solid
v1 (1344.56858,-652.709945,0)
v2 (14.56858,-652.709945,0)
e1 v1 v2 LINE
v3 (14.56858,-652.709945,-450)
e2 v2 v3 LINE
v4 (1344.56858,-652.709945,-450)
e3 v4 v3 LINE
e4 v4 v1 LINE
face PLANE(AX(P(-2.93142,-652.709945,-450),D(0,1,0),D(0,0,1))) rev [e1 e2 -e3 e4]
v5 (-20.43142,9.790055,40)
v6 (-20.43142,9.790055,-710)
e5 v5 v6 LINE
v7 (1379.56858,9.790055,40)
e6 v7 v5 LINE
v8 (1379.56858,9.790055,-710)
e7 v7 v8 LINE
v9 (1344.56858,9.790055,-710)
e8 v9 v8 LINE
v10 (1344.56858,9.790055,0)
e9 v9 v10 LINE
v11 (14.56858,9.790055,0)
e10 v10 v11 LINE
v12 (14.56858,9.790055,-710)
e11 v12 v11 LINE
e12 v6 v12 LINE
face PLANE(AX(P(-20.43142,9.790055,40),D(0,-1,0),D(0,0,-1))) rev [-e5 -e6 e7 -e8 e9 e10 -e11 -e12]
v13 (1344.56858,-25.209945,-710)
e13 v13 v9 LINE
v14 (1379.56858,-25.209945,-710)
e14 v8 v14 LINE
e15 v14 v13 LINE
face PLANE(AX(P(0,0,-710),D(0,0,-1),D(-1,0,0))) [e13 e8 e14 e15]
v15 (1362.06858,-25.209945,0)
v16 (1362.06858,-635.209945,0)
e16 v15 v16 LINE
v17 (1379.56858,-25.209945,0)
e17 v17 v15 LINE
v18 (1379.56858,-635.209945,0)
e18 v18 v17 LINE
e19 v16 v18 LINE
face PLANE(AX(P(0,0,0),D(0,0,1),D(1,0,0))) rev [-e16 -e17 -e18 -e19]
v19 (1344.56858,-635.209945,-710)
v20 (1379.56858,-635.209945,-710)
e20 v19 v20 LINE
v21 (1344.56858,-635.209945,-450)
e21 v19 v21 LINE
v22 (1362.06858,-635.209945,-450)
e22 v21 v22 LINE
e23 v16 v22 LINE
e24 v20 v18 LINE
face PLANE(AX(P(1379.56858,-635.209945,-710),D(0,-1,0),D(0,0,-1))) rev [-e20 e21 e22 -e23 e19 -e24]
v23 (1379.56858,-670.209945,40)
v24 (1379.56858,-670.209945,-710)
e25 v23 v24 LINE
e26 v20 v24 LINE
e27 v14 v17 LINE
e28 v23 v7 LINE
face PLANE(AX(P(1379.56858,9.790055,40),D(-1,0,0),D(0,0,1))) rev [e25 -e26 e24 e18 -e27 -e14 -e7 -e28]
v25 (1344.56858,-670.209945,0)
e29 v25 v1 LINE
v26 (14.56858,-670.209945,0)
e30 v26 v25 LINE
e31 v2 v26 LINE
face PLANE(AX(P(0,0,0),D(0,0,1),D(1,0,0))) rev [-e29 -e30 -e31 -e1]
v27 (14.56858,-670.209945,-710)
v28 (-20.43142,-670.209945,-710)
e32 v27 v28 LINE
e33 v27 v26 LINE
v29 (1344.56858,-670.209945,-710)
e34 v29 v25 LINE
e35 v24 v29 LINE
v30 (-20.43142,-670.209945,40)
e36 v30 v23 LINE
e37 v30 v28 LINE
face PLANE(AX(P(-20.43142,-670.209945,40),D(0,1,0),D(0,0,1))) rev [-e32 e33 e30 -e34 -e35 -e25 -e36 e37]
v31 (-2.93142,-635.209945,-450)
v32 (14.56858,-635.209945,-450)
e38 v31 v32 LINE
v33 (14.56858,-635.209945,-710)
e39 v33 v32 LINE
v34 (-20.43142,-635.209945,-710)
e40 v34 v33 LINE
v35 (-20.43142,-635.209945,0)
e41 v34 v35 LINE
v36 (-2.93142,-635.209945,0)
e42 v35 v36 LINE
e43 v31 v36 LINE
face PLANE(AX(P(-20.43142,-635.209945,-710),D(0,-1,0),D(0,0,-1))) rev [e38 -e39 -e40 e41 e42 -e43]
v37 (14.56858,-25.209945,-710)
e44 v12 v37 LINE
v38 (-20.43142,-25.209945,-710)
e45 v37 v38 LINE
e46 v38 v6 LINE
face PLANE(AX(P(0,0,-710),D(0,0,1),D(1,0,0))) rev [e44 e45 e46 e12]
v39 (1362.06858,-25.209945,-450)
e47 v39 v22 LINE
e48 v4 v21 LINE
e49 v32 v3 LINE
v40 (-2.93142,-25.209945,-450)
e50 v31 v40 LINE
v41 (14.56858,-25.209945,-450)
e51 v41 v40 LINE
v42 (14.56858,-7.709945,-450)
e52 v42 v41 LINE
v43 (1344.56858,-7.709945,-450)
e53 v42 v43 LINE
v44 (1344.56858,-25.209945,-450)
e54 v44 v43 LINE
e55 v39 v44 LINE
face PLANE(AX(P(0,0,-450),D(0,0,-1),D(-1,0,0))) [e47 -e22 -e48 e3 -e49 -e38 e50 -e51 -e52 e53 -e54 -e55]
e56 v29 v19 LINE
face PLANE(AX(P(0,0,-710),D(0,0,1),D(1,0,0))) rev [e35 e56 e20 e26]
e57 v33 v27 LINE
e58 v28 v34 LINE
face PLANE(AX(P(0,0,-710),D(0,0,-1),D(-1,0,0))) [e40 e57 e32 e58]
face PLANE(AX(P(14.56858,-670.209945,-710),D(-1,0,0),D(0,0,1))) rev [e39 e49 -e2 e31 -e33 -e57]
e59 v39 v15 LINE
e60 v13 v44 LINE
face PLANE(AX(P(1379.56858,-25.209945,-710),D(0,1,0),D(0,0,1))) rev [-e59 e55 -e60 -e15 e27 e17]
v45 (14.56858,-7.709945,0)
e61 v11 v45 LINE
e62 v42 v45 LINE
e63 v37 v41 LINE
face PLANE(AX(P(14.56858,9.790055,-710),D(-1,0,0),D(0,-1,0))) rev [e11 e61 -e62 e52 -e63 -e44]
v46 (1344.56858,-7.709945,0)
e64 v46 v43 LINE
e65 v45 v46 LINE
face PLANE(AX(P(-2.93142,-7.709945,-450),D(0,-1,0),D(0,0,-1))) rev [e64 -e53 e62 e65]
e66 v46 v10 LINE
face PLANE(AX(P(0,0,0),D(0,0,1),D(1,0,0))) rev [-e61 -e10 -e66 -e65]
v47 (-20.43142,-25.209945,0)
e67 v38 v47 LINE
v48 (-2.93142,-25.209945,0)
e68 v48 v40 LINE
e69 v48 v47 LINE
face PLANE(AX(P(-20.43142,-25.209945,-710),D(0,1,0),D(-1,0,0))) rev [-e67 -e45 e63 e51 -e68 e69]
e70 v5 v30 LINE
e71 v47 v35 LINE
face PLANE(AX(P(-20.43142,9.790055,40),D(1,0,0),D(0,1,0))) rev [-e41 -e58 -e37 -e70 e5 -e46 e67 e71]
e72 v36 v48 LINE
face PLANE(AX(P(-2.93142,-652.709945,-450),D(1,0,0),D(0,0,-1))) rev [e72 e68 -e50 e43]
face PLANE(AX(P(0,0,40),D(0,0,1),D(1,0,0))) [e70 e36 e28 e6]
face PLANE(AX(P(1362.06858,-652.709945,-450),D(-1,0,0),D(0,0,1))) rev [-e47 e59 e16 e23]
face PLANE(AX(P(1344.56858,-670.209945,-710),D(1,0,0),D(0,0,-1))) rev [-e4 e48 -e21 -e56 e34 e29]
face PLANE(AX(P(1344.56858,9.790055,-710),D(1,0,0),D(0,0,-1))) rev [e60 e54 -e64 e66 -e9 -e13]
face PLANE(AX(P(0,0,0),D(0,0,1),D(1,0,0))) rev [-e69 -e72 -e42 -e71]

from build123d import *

# Parameters (mm, degrees)
SKIZZE1_W                       = 1400
SKIZZE1_H                       = 680
AUFSATZ_LINEAR_AUSTRAGEN1_DEPTH = 40
SKIZZE2_W                       = 35
SKIZZE2_H                       = 35
AUFSATZ_LINEAR_AUSTRAGEN2_DEPTH = 710
SKIZZE3_W                       = 1365
SKIZZE3_H                       = 645
AUFSATZ_LINEAR_AUSTRAGEN3_DEPTH = 450


with BuildPart() as part:
    # Skizze1 → Aufsatz-Linear austragen1 (new body)
    with BuildSketch(Plane.XY):
        with Locations((679.568580104, -330.209944633)):
            Rectangle(SKIZZE1_W, SKIZZE1_H)
    extrude(amount=AUFSATZ_LINEAR_AUSTRAGEN1_DEPTH)

    # Skizze2 → Aufsatz-Linear austragen2 (add)
    with BuildSketch(Plane(origin=(0, 0, 0), x_dir=(-1, 0, 0), z_dir=(0, 0, -1))):
        with Locations((-1362.068580104, -7.709944633)):
            Rectangle(SKIZZE2_W, SKIZZE2_H)
        with Locations((-1362.068580104, -652.709944633)):
            Rectangle(SKIZZE2_W, SKIZZE2_H)
        with Locations((2.931419896, -7.709944633)):
            Rectangle(SKIZZE2_W, SKIZZE2_H)
        with Locations((2.931419896, -652.709944633)):
            Rectangle(SKIZZE2_W, SKIZZE2_H)
    extrude(amount=AUFSATZ_LINEAR_AUSTRAGEN2_DEPTH)

    # Skizze3 → Aufsatz-Linear austragen3 (add)
    with BuildSketch(Plane(origin=(0, 0, 0), x_dir=(-1, 0, 0), z_dir=(0, 0, -1))):
        with Locations((-679.568580104, -330.209944633)):
            Rectangle(SKIZZE3_W, SKIZZE3_H)
    extrude(amount=AUFSATZ_LINEAR_AUSTRAGEN3_DEPTH)


solid = part.part
